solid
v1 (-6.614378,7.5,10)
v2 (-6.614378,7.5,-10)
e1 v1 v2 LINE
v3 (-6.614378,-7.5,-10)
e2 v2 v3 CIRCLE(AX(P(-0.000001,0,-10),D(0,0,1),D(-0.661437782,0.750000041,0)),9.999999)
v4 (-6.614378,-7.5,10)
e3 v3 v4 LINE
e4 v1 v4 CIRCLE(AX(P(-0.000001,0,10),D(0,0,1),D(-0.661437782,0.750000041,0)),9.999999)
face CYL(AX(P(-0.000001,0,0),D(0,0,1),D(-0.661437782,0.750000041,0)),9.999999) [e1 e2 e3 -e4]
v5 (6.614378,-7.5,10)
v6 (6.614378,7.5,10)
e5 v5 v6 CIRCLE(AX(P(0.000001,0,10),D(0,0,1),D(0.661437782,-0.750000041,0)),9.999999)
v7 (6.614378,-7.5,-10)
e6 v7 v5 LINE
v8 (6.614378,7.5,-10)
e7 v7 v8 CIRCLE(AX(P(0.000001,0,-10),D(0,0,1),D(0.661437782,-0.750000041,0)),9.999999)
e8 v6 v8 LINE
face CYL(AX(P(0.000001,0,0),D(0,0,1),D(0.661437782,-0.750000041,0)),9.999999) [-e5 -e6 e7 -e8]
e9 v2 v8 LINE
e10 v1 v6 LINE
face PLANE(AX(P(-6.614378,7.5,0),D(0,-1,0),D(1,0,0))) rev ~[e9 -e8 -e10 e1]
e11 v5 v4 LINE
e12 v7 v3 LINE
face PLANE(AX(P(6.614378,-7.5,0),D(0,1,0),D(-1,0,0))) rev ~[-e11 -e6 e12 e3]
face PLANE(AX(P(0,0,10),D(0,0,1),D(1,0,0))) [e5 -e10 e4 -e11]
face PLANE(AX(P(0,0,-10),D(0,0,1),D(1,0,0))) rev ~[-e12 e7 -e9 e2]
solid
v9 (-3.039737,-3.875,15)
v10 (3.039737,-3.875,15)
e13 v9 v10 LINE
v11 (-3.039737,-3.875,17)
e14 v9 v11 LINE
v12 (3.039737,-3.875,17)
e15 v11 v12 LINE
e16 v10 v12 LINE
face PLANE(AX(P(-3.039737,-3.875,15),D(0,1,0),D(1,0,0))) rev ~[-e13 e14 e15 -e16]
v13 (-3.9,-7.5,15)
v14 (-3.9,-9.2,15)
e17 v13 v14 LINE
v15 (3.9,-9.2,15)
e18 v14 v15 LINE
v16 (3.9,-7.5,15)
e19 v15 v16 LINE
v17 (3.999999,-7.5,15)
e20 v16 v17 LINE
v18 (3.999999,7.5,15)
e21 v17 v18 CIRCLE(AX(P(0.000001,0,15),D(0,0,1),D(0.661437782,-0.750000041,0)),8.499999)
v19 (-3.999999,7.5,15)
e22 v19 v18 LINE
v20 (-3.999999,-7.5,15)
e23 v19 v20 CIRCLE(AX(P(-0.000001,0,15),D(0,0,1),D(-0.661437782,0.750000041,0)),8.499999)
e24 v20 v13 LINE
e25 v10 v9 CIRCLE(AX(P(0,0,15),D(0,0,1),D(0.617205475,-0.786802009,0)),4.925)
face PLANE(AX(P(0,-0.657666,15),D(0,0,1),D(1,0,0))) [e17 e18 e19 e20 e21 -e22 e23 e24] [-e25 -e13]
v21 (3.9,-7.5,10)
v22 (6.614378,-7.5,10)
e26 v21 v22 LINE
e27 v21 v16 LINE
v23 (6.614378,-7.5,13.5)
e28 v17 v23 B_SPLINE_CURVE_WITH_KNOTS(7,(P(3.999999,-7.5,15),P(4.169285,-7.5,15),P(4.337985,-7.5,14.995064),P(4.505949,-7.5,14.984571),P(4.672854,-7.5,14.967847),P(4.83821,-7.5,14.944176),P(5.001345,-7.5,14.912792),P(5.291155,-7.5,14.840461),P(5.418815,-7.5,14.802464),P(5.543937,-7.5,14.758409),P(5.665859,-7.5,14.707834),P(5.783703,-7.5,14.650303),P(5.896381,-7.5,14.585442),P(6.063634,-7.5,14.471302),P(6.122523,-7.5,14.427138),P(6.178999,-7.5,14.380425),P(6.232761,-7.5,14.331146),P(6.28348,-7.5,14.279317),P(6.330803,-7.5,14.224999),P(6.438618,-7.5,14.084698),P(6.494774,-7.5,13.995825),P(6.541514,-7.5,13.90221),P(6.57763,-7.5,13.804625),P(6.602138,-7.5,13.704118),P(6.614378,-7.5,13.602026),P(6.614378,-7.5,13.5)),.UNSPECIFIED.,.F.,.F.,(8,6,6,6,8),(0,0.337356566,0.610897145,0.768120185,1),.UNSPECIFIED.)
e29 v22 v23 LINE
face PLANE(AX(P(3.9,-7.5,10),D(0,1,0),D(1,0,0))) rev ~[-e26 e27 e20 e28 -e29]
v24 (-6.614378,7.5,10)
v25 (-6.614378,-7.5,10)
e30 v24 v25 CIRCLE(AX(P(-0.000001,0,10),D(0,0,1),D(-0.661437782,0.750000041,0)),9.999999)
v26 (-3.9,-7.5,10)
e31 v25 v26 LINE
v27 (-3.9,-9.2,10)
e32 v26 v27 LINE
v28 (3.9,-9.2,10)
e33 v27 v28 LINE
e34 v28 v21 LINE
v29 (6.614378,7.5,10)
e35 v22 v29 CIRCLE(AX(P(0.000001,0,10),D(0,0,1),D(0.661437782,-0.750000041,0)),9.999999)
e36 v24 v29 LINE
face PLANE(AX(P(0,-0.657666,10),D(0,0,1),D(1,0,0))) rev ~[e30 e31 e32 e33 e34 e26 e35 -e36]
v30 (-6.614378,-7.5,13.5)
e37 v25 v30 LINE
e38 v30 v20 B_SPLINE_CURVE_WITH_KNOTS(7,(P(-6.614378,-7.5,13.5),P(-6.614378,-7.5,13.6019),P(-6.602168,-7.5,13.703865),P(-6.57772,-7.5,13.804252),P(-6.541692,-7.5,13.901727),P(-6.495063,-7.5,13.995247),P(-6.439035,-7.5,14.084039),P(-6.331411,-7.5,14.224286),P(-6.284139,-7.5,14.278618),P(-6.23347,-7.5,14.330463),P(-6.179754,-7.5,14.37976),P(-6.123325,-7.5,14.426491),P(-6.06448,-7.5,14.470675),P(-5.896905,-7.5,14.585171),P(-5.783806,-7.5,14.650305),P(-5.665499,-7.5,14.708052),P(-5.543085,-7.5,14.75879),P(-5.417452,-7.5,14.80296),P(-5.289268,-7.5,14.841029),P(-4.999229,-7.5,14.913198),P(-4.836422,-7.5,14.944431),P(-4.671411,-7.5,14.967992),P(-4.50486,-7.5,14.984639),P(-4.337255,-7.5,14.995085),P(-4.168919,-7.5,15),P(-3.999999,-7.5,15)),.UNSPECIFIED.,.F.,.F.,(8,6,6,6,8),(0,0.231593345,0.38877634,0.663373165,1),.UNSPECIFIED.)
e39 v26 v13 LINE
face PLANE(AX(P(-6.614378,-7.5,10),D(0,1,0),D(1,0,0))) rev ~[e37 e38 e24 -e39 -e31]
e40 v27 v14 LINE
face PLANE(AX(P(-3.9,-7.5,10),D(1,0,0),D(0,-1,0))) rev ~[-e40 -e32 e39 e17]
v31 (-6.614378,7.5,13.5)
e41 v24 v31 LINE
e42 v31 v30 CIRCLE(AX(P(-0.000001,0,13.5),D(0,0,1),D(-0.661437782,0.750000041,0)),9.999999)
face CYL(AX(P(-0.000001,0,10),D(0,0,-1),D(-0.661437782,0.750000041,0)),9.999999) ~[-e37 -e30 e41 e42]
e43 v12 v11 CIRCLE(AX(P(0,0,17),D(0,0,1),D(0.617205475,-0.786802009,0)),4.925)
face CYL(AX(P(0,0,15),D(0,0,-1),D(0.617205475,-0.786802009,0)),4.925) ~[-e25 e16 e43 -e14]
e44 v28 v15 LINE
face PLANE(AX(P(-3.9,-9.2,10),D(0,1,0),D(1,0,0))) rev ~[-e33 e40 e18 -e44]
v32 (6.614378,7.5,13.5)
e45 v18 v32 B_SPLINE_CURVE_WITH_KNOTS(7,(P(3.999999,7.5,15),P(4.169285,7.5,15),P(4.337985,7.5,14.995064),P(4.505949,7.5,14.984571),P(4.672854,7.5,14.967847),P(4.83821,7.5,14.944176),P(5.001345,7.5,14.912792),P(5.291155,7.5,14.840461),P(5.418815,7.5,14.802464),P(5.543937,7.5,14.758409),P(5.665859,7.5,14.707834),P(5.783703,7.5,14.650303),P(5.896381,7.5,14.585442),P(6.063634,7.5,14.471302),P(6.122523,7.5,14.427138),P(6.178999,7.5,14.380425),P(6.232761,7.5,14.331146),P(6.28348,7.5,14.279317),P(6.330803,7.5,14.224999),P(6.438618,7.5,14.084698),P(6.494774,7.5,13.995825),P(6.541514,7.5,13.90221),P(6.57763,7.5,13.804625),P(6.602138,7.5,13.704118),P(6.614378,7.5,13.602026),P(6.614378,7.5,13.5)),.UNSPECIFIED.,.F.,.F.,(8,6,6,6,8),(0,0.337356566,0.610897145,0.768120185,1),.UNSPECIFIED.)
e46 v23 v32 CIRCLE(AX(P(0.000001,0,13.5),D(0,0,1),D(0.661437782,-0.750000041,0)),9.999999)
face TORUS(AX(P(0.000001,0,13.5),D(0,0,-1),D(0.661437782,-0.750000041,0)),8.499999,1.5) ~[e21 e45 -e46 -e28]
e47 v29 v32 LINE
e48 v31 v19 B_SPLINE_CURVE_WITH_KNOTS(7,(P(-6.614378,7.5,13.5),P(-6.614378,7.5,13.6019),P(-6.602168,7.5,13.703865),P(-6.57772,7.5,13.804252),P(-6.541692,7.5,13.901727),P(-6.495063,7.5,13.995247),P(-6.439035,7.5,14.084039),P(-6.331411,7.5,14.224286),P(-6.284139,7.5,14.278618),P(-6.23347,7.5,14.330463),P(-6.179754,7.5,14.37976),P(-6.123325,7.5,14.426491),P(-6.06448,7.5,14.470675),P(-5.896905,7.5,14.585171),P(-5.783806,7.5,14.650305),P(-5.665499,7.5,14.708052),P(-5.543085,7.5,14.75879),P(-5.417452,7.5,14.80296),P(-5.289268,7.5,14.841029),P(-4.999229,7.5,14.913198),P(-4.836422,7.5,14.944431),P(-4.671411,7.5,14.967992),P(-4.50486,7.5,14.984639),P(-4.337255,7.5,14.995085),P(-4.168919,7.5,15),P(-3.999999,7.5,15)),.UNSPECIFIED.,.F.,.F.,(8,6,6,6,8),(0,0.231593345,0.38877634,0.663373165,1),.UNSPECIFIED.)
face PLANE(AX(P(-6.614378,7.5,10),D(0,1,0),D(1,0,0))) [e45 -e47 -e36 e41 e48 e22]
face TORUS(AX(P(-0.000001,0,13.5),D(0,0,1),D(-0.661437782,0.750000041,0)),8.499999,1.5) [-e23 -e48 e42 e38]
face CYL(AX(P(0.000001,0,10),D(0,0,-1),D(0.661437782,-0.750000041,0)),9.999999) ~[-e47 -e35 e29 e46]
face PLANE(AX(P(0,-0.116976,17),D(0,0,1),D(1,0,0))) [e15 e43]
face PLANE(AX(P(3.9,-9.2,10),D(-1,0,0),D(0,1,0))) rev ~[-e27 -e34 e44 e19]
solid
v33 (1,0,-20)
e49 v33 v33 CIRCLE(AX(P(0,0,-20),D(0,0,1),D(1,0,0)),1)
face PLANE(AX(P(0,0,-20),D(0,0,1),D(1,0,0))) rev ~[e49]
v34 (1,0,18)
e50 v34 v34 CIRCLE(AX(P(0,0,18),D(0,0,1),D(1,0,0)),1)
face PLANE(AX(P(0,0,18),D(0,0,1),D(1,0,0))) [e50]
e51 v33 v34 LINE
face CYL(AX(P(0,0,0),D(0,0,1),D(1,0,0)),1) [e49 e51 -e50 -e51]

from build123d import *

# Parameters (mm, degrees)
PAD_DEPTH         = 10
PAD001_DEPTH      = 5
PAD003_DEPTH      = 2
FILLET_R          = 1.5
SKETCH002_R       = 1
PAD002_DEPTH      = 18
PAD002_DEPTH_BACK = 20


with BuildPart() as metal:
    # Sketch → Pad (new body, symmetric)
    with BuildSketch(Plane.XY):
        with BuildLine():
            ThreePointArc((-6.614378, 7.5), (-10, 0), (-6.614378, -7.5))
            Line((6.614378, -7.5), (-6.614378, -7.5))
            ThreePointArc((6.614378, -7.5), (10, 0), (6.614378, 7.5))
            Line((-6.614378, 7.5), (6.614378, 7.5))
        make_face()
    extrude(amount=PAD_DEPTH, both=True)


with BuildPart() as plastic:
    # Sketch001 → Pad001 (new body)
    with BuildSketch(Plane.XY.offset(10)):
        with BuildLine():
            ThreePointArc((-6.614378, 7.5), (-10, 0), (-6.614378, -7.5))
            Line((-6.614378, -7.5), (-3.9, -7.5))
            Line((-3.9, -7.5), (-3.9, -9.2))
            Line((-3.9, -9.2), (3.9, -9.2))
            Line((3.9, -9.2), (3.9, -7.5))
            Line((3.9, -7.5), (6.614378, -7.5))
            ThreePointArc((6.614378, -7.5), (10, 0), (6.614378, 7.5))
            Line((-6.614378, 7.5), (6.614378, 7.5))
        make_face()
    extrude(amount=PAD001_DEPTH)

    # Sketch003 (on Face10 of Pad001) → Pad003 (join)
    with BuildSketch(Plane.XY.offset(15)):
        with BuildLine():
            ThreePointArc((3.039737, -3.875), (0, 4.925), (-3.039737, -3.875))
            Line((-3.039737, -3.875), (3.039737, -3.875))
        make_face()
    extrude(amount=PAD003_DEPTH)

    # Fillet
    fillet_edges = [plastic.edges().sort_by_distance(p)[0] for p in [
        (10, 0, 15),
        (-10, 0, 15),
    ]]
    fillet(fillet_edges, radius=FILLET_R)


with BuildPart() as axis:
    # Sketch002 → Pad002 (new body, two sides)
    with BuildSketch(Plane.XY) as pad002_sk:
        Circle(SKETCH002_R)
    extrude(amount=PAD002_DEPTH)
    extrude(pad002_sk.sketch, amount=-PAD002_DEPTH_BACK)


solid = Compound([metal.part, plastic.part, axis.part])
